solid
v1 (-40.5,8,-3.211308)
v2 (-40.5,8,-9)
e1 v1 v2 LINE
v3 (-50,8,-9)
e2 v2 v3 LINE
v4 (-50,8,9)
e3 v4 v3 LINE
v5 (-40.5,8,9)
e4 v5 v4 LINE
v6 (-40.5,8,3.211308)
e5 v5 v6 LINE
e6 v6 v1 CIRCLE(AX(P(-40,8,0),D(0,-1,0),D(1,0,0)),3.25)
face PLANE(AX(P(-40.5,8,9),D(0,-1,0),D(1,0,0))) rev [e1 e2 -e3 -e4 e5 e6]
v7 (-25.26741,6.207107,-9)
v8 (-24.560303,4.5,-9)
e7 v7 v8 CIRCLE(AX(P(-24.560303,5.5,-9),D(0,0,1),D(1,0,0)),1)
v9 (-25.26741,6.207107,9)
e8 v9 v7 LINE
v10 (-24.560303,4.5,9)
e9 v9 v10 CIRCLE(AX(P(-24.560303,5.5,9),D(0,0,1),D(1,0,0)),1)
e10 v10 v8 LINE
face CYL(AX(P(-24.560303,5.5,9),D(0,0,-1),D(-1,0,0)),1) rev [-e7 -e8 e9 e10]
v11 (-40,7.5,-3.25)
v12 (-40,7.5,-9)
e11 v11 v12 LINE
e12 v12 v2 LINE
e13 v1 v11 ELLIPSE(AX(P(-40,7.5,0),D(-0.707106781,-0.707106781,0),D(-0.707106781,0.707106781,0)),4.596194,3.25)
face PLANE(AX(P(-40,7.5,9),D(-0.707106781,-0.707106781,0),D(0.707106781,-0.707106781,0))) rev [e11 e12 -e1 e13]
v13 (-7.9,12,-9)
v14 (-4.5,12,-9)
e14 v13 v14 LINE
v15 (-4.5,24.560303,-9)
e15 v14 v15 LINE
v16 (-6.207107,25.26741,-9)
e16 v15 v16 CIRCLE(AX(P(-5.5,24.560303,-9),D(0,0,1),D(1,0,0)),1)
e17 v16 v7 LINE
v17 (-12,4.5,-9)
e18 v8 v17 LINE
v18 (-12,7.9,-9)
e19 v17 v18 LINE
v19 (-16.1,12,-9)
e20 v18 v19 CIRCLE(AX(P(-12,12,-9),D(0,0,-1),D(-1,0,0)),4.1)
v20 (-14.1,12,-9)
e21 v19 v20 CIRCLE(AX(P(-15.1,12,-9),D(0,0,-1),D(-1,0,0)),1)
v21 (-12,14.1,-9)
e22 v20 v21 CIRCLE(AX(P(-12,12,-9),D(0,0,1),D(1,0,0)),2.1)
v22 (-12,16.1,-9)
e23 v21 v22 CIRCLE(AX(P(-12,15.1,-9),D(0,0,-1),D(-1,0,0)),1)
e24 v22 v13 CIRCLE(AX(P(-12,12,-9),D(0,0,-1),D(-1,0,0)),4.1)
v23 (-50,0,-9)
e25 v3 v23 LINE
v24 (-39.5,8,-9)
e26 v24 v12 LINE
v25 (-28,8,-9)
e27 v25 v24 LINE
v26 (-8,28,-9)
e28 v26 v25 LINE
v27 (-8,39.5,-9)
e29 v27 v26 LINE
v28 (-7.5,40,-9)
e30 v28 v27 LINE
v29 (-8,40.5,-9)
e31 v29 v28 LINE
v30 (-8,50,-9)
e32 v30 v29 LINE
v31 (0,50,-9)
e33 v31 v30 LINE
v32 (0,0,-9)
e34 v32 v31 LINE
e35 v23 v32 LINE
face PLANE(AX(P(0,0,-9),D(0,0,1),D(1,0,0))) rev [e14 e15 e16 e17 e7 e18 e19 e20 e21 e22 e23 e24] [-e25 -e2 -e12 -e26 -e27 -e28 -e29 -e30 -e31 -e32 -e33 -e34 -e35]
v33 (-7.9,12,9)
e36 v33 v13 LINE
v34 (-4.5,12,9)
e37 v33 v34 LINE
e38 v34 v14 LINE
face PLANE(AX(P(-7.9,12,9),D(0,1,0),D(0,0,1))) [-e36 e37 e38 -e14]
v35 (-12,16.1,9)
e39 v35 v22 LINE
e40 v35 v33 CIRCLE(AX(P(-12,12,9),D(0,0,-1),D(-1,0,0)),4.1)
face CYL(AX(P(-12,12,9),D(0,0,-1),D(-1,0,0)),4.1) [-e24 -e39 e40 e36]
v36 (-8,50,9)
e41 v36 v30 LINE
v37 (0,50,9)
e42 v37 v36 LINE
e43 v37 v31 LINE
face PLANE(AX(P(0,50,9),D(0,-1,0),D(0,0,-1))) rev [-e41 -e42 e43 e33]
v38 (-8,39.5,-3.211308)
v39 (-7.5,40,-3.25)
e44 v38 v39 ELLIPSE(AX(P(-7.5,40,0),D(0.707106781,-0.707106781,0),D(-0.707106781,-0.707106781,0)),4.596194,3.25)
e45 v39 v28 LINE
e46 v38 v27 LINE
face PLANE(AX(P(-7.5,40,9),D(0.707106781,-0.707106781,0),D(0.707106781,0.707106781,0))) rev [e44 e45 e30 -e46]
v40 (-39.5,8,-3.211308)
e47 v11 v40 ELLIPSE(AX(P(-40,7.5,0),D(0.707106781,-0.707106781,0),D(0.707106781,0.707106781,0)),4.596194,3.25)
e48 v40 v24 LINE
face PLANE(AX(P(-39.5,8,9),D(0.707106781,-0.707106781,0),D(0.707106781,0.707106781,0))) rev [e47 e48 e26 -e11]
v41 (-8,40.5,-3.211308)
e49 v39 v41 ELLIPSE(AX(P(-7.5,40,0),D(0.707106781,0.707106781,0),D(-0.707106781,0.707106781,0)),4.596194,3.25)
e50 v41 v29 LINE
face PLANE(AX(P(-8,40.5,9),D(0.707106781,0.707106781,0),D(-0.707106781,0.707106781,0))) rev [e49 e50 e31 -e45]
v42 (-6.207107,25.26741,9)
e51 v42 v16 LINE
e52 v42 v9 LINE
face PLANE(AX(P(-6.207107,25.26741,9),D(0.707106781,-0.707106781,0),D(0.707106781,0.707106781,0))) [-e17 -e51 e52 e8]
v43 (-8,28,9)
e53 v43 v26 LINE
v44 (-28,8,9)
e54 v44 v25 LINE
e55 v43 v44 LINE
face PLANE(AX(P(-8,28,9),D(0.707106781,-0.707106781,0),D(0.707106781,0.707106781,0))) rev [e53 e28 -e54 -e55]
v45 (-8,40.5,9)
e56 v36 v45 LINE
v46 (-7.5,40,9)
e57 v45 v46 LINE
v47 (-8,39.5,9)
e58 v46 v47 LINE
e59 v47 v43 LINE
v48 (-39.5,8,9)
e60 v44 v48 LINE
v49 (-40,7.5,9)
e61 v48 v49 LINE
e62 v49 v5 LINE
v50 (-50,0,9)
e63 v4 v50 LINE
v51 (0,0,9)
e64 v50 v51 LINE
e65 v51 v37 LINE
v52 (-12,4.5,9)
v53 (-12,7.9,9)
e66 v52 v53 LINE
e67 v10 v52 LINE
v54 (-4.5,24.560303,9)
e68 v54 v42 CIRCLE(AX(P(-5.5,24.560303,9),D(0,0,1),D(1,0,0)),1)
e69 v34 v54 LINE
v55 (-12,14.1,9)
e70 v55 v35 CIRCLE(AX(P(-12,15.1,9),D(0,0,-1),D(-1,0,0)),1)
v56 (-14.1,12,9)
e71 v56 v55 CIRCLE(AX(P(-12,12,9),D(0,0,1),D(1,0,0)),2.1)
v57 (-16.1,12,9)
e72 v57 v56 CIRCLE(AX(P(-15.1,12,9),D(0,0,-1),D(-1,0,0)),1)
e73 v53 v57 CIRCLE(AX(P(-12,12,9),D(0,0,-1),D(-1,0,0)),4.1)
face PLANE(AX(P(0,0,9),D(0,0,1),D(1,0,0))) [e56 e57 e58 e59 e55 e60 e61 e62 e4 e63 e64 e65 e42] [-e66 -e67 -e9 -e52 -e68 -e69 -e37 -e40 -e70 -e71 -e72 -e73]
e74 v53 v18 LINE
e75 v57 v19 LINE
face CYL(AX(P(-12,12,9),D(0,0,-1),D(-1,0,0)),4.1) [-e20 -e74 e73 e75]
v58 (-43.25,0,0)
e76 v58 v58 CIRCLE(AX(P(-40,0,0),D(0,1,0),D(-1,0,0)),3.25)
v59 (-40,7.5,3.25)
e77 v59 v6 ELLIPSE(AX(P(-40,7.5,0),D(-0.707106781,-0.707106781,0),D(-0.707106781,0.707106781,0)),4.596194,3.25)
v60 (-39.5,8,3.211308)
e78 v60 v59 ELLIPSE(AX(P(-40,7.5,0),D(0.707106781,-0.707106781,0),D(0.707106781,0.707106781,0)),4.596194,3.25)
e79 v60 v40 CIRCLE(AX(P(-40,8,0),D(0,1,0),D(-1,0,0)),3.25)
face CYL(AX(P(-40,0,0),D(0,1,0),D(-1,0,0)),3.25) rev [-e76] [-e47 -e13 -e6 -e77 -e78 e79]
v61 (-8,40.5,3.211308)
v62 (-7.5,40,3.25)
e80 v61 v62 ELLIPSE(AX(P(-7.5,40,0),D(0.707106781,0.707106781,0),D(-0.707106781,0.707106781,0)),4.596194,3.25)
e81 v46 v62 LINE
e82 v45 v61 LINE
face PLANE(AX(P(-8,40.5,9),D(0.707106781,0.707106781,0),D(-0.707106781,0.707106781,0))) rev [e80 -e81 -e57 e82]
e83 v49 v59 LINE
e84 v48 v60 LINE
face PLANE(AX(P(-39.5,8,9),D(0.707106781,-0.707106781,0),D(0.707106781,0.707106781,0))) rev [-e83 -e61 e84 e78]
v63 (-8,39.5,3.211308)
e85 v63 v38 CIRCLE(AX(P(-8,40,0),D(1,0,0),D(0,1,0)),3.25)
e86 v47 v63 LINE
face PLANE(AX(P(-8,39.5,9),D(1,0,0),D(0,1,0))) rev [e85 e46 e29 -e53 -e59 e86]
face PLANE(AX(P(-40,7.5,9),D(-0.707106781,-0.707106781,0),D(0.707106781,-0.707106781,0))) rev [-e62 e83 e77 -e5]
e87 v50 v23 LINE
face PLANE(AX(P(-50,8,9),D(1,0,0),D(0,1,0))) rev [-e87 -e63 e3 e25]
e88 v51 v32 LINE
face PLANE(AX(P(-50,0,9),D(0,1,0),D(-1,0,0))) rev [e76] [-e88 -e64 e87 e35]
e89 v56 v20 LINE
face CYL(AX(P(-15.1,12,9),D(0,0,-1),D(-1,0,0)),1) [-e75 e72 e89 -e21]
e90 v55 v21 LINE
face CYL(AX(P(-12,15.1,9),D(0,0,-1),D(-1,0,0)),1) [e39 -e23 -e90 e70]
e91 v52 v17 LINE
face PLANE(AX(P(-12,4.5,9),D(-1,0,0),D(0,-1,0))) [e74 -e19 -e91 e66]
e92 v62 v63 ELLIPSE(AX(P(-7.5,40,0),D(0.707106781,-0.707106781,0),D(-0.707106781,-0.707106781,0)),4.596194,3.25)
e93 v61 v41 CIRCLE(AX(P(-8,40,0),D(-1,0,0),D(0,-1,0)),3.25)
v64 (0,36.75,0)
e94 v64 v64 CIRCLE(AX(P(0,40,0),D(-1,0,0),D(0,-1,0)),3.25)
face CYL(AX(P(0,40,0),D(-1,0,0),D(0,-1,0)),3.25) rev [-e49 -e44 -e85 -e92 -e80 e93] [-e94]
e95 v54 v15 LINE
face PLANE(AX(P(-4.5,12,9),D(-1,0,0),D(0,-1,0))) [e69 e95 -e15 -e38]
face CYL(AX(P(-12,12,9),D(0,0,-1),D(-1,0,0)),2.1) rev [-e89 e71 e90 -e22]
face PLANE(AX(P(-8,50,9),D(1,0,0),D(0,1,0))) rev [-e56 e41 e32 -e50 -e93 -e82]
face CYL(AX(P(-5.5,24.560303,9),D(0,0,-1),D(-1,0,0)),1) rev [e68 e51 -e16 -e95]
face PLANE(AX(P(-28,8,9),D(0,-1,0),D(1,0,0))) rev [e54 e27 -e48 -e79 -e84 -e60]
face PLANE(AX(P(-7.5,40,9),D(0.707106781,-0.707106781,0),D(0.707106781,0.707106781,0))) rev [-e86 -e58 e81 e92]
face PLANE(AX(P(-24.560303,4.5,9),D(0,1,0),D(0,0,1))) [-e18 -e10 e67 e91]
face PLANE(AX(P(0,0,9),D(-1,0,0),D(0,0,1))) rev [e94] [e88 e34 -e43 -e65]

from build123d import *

# Parameters (mm, degrees)
EXTRUDE_1_DEPTH     = 9
SKETCH_2_R          = 3.25
CUT_EXTRUDE_1_DEPTH = 9
SKETCH_3_R          = 3.25
CUT_EXTRUDE_2_DEPTH = 9


with BuildPart() as part:
    # Эскиз1 → Бобышка-Вытянуть1 (new body, symmetric)
    with BuildSketch(Plane.XY):
        Polygon((-50, 0), (0, 0), (0, 50), (-8, 50), (-8, 40.5), (-7.5, 40), (-8, 39.5), (-8, 28), (-28, 8), (-39.5, 8), (-40, 7.5), (-40.5, 8), (-50, 8), align=None)
        with BuildLine():
            Line((-4.5, 12), (-4.5, 24.560303038))
            ThreePointArc((-4.5, 24.560303038), (-5.117316568, 25.484182571), (-6.207106781, 25.267409819))
            Line((-6.207106781, 25.267409819), (-25.267409819, 6.207106781))
            ThreePointArc((-25.267409819, 6.207106781), (-25.484182571, 5.117316568), (-24.560303038, 4.5))
            Line((-24.560303038, 4.5), (-12, 4.5))
            Line((-12, 4.5), (-12, 7.9))
            ThreePointArc((-12, 7.9), (-14.899137803, 9.100862197), (-16.1, 12))
            ThreePointArc((-16.1, 12), (-15.1, 13), (-14.1, 12))
            ThreePointArc((-14.1, 12), (-10.51507576, 10.51507576), (-12, 14.1))
            ThreePointArc((-12, 14.1), (-13, 15.1), (-12, 16.1))
            ThreePointArc((-12, 16.1), (-9.100862197, 14.899137803), (-7.9, 12))
            Line((-7.9, 12), (-4.5, 12))
        make_face(mode=Mode.SUBTRACT)
    extrude(amount=EXTRUDE_1_DEPTH, both=True)

    # Эскиз2 → Вырез-Вытянуть1 (cut, through all)
    with BuildSketch(Plane.ZY.offset(8)):
        with Locations(Location((0, 40, 0), (0, 0, 270))):  # turned: the seam where the file's is
            Circle(SKETCH_2_R)
    extrude(amount=-CUT_EXTRUDE_1_DEPTH, mode=Mode.SUBTRACT)

    # Эскиз3 → Вырез-Вытянуть2 (cut, through all)
    with BuildSketch(Plane(origin=(0, 8, 0), x_dir=(1, 0, 0), z_dir=(0, 1, 0))):
        with Locations(Location((-40, 0, 0), (0, 0, 180))):  # turned: the seam where the file's is
            Circle(SKETCH_3_R)
    extrude(amount=-CUT_EXTRUDE_2_DEPTH, mode=Mode.SUBTRACT)


solid = part.part
